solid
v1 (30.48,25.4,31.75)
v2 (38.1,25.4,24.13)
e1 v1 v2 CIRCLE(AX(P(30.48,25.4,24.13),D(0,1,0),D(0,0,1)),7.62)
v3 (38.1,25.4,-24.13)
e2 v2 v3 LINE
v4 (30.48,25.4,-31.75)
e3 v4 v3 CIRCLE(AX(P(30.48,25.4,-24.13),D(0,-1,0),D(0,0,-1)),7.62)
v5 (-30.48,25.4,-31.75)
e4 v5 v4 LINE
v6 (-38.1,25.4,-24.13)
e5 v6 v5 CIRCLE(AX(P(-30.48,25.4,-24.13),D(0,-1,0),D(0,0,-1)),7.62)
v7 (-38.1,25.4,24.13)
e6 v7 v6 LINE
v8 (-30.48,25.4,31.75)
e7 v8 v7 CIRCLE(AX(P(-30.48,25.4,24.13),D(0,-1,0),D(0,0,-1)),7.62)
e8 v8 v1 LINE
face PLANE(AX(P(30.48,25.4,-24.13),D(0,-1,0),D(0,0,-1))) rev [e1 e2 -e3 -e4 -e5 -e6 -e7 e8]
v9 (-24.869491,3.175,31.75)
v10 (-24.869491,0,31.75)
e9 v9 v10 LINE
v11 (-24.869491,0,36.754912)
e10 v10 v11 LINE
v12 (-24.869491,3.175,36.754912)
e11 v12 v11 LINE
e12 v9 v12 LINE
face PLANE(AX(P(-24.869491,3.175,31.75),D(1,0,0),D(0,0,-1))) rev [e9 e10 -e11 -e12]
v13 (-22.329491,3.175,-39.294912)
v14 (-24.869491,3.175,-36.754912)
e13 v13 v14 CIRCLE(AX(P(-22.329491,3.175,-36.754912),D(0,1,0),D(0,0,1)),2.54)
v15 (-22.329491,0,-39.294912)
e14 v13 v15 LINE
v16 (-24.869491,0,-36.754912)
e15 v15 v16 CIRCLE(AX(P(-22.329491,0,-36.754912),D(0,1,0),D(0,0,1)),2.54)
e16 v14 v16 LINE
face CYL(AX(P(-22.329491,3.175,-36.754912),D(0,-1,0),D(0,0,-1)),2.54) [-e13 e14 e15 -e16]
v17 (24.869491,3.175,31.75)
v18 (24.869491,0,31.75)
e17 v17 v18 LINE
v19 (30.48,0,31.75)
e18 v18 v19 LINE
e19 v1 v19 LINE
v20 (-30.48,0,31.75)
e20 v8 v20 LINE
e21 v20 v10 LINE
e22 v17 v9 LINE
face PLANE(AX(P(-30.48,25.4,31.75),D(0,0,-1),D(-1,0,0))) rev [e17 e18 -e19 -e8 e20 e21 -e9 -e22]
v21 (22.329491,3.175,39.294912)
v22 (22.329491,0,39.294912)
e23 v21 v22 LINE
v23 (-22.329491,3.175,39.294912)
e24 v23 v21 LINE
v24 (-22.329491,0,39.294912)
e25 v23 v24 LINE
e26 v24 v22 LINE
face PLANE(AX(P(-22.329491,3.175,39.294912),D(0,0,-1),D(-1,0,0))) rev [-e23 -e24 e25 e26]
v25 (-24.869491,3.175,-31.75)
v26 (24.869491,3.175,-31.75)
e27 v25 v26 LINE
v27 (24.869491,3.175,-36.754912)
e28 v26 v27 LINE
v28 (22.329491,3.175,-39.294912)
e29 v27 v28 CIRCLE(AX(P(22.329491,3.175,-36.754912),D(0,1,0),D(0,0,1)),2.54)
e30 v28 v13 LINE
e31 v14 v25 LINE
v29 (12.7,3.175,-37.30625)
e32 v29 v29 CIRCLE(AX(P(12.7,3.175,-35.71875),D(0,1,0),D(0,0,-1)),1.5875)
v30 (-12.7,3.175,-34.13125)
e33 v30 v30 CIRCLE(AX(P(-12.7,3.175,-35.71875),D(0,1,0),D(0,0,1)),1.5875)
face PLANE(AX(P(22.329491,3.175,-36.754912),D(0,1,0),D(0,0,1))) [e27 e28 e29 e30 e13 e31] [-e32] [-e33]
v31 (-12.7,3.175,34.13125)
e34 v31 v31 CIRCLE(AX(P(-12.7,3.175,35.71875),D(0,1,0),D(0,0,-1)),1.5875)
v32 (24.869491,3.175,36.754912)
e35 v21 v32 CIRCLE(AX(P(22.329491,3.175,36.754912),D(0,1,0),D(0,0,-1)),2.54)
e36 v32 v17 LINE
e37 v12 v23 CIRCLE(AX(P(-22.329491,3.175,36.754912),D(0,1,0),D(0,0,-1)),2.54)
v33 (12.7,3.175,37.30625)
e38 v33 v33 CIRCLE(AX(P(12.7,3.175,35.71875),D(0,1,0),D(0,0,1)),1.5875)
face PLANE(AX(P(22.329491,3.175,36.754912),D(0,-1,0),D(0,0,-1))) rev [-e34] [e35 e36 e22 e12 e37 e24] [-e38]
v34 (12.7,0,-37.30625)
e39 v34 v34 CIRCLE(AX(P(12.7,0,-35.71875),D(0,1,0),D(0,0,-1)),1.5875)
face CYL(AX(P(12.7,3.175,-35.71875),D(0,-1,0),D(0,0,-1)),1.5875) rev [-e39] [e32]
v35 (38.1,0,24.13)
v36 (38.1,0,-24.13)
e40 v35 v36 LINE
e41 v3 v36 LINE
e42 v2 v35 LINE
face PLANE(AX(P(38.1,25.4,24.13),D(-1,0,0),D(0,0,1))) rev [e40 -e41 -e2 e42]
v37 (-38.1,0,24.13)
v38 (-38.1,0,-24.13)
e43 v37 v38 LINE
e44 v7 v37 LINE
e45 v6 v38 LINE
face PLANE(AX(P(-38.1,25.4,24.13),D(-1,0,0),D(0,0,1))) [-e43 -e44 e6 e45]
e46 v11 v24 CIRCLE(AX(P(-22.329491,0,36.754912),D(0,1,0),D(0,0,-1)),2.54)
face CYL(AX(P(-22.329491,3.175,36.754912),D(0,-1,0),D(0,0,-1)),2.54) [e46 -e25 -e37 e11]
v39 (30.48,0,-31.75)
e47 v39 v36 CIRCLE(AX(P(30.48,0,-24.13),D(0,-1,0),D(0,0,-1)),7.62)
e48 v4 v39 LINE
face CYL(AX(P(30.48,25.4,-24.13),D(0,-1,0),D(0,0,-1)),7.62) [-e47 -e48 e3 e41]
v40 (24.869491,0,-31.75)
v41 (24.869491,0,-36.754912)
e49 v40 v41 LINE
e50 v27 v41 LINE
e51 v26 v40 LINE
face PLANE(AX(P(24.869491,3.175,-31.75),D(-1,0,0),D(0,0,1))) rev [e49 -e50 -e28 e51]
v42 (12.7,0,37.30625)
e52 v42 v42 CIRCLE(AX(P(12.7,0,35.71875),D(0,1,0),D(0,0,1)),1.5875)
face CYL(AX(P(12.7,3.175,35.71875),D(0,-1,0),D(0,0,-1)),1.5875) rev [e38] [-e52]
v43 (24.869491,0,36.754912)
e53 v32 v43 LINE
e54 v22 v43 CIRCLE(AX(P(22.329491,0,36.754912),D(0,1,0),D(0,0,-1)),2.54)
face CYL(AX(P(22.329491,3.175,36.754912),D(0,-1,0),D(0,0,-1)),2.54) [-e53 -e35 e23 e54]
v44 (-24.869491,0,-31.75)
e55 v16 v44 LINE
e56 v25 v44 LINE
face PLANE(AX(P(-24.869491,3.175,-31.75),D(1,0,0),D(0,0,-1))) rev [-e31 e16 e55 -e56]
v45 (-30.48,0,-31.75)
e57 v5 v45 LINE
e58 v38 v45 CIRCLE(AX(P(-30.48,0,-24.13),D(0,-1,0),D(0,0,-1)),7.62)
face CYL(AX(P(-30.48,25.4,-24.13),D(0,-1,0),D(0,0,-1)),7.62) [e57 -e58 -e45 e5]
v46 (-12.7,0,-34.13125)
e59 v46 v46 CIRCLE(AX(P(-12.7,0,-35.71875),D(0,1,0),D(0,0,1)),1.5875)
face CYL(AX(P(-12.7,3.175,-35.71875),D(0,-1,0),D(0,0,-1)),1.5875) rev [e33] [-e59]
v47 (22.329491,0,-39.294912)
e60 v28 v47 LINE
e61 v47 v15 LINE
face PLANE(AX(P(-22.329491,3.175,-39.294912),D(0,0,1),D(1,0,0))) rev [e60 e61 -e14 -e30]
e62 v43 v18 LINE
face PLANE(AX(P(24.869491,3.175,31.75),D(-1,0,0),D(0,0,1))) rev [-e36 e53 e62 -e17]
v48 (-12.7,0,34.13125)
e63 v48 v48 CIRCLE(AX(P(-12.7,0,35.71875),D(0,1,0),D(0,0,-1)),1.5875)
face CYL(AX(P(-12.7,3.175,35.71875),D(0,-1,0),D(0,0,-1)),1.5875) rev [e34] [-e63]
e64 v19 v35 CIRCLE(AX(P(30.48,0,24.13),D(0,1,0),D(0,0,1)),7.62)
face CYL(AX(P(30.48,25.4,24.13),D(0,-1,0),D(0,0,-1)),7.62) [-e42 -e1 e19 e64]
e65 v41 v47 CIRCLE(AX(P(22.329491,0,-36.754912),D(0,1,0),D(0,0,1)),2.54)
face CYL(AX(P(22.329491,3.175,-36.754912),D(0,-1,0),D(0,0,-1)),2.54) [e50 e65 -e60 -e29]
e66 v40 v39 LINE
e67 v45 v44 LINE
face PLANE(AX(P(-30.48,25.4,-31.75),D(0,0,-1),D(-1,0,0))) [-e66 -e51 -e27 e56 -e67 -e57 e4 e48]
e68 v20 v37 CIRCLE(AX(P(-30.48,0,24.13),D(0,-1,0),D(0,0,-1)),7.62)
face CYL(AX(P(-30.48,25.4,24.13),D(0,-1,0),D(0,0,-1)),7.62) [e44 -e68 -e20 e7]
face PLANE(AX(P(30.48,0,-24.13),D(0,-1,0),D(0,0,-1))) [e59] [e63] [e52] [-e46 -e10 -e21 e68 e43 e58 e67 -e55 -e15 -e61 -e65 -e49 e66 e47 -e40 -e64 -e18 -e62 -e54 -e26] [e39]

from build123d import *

# Parameters (mm, degrees)
BOSS_EXTRUDE1_DEPTH = 25.4
SKETCH2_R           = 1.5875
BOSS_EXTRUDE2_DEPTH = 3.175


with BuildPart() as part:
    # Sketch1 → Boss-Extrude1 (new body)
    with BuildSketch(Plane(origin=(0, 0, 0), x_dir=(1, 0, 0), z_dir=(0, 1, 0))):
        with BuildLine():
            Line((-30.48, -31.75), (30.48, -31.75))
            ThreePointArc((30.48, -31.75), (35.868153673, -29.518153673), (38.1, -24.13))
            Line((38.1, -24.13), (38.1, 24.13))
            ThreePointArc((38.1, 24.13), (35.868153673, 29.518153673), (30.48, 31.75))
            Line((30.48, 31.75), (-30.48, 31.75))
            ThreePointArc((-30.48, 31.75), (-35.868153673, 29.518153673), (-38.1, 24.13))
            Line((-38.1, 24.13), (-38.1, -24.13))
            ThreePointArc((-38.1, -24.13), (-35.868153673, -29.518153673), (-30.48, -31.75))
        make_face()
    extrude(amount=BOSS_EXTRUDE1_DEPTH)

    # Sketch2 → Boss-Extrude2 (add)
    # profile 1 of 2: a face of its own
    with BuildSketch(Plane(origin=(0, 0, 0), x_dir=(1, 0, 0), z_dir=(0, 1, 0))):
        with BuildLine():
            Line((-24.869490834, -31.75), (24.869490834, -31.75))
            Line((24.869490834, -31.75), (24.869490834, -36.754911613))
            ThreePointArc((24.869490834, -36.754911613), (24.125542058, -38.550962837), (22.329490834, -39.294911613))
            Line((22.329490834, -39.294911613), (-22.329490834, -39.294911613))
            ThreePointArc((-22.329490834, -39.294911613), (-24.125542058, -38.550962837), (-24.869490834, -36.754911613))
            Line((-24.869490834, -36.754911613), (-24.869490834, -31.75))
        make_face()
        with Locations(Location((12.7, -35.71875, 0), (0, 0, 270))):
            Circle(SKETCH2_R, mode=Mode.SUBTRACT)
        with Locations(Location((-12.7, -35.71875, 0), (0, 0, 90))):
            Circle(SKETCH2_R, mode=Mode.SUBTRACT)
    # profile 2 of 2: a face of its own
    with BuildSketch(Plane(origin=(0, 0, 0), x_dir=(1, 0, 0), z_dir=(0, 1, 0))):
        with BuildLine():
            Line((-24.869490834, 31.75), (-24.869490834, 36.754911613))
            ThreePointArc((-24.869490834, 36.754911613), (-24.125542058, 38.550962837), (-22.329490834, 39.294911613))
            Line((-22.329490834, 39.294911613), (22.329490834, 39.294911613))
            ThreePointArc((22.329490834, 39.294911613), (24.125542058, 38.550962837), (24.869490834, 36.754911613))
            Line((24.869490834, 36.754911613), (24.869490834, 31.75))
            Line((24.869490834, 31.75), (-24.869490834, 31.75))
        make_face()
        with Locations(Location((12.7, 35.71875, 0), (0, 0, 90))):
            Circle(SKETCH2_R, mode=Mode.SUBTRACT)
        with Locations(Location((-12.7, 35.71875, 0), (0, 0, 270))):
            Circle(SKETCH2_R, mode=Mode.SUBTRACT)
    extrude(amount=BOSS_EXTRUDE2_DEPTH)


solid = part.part
